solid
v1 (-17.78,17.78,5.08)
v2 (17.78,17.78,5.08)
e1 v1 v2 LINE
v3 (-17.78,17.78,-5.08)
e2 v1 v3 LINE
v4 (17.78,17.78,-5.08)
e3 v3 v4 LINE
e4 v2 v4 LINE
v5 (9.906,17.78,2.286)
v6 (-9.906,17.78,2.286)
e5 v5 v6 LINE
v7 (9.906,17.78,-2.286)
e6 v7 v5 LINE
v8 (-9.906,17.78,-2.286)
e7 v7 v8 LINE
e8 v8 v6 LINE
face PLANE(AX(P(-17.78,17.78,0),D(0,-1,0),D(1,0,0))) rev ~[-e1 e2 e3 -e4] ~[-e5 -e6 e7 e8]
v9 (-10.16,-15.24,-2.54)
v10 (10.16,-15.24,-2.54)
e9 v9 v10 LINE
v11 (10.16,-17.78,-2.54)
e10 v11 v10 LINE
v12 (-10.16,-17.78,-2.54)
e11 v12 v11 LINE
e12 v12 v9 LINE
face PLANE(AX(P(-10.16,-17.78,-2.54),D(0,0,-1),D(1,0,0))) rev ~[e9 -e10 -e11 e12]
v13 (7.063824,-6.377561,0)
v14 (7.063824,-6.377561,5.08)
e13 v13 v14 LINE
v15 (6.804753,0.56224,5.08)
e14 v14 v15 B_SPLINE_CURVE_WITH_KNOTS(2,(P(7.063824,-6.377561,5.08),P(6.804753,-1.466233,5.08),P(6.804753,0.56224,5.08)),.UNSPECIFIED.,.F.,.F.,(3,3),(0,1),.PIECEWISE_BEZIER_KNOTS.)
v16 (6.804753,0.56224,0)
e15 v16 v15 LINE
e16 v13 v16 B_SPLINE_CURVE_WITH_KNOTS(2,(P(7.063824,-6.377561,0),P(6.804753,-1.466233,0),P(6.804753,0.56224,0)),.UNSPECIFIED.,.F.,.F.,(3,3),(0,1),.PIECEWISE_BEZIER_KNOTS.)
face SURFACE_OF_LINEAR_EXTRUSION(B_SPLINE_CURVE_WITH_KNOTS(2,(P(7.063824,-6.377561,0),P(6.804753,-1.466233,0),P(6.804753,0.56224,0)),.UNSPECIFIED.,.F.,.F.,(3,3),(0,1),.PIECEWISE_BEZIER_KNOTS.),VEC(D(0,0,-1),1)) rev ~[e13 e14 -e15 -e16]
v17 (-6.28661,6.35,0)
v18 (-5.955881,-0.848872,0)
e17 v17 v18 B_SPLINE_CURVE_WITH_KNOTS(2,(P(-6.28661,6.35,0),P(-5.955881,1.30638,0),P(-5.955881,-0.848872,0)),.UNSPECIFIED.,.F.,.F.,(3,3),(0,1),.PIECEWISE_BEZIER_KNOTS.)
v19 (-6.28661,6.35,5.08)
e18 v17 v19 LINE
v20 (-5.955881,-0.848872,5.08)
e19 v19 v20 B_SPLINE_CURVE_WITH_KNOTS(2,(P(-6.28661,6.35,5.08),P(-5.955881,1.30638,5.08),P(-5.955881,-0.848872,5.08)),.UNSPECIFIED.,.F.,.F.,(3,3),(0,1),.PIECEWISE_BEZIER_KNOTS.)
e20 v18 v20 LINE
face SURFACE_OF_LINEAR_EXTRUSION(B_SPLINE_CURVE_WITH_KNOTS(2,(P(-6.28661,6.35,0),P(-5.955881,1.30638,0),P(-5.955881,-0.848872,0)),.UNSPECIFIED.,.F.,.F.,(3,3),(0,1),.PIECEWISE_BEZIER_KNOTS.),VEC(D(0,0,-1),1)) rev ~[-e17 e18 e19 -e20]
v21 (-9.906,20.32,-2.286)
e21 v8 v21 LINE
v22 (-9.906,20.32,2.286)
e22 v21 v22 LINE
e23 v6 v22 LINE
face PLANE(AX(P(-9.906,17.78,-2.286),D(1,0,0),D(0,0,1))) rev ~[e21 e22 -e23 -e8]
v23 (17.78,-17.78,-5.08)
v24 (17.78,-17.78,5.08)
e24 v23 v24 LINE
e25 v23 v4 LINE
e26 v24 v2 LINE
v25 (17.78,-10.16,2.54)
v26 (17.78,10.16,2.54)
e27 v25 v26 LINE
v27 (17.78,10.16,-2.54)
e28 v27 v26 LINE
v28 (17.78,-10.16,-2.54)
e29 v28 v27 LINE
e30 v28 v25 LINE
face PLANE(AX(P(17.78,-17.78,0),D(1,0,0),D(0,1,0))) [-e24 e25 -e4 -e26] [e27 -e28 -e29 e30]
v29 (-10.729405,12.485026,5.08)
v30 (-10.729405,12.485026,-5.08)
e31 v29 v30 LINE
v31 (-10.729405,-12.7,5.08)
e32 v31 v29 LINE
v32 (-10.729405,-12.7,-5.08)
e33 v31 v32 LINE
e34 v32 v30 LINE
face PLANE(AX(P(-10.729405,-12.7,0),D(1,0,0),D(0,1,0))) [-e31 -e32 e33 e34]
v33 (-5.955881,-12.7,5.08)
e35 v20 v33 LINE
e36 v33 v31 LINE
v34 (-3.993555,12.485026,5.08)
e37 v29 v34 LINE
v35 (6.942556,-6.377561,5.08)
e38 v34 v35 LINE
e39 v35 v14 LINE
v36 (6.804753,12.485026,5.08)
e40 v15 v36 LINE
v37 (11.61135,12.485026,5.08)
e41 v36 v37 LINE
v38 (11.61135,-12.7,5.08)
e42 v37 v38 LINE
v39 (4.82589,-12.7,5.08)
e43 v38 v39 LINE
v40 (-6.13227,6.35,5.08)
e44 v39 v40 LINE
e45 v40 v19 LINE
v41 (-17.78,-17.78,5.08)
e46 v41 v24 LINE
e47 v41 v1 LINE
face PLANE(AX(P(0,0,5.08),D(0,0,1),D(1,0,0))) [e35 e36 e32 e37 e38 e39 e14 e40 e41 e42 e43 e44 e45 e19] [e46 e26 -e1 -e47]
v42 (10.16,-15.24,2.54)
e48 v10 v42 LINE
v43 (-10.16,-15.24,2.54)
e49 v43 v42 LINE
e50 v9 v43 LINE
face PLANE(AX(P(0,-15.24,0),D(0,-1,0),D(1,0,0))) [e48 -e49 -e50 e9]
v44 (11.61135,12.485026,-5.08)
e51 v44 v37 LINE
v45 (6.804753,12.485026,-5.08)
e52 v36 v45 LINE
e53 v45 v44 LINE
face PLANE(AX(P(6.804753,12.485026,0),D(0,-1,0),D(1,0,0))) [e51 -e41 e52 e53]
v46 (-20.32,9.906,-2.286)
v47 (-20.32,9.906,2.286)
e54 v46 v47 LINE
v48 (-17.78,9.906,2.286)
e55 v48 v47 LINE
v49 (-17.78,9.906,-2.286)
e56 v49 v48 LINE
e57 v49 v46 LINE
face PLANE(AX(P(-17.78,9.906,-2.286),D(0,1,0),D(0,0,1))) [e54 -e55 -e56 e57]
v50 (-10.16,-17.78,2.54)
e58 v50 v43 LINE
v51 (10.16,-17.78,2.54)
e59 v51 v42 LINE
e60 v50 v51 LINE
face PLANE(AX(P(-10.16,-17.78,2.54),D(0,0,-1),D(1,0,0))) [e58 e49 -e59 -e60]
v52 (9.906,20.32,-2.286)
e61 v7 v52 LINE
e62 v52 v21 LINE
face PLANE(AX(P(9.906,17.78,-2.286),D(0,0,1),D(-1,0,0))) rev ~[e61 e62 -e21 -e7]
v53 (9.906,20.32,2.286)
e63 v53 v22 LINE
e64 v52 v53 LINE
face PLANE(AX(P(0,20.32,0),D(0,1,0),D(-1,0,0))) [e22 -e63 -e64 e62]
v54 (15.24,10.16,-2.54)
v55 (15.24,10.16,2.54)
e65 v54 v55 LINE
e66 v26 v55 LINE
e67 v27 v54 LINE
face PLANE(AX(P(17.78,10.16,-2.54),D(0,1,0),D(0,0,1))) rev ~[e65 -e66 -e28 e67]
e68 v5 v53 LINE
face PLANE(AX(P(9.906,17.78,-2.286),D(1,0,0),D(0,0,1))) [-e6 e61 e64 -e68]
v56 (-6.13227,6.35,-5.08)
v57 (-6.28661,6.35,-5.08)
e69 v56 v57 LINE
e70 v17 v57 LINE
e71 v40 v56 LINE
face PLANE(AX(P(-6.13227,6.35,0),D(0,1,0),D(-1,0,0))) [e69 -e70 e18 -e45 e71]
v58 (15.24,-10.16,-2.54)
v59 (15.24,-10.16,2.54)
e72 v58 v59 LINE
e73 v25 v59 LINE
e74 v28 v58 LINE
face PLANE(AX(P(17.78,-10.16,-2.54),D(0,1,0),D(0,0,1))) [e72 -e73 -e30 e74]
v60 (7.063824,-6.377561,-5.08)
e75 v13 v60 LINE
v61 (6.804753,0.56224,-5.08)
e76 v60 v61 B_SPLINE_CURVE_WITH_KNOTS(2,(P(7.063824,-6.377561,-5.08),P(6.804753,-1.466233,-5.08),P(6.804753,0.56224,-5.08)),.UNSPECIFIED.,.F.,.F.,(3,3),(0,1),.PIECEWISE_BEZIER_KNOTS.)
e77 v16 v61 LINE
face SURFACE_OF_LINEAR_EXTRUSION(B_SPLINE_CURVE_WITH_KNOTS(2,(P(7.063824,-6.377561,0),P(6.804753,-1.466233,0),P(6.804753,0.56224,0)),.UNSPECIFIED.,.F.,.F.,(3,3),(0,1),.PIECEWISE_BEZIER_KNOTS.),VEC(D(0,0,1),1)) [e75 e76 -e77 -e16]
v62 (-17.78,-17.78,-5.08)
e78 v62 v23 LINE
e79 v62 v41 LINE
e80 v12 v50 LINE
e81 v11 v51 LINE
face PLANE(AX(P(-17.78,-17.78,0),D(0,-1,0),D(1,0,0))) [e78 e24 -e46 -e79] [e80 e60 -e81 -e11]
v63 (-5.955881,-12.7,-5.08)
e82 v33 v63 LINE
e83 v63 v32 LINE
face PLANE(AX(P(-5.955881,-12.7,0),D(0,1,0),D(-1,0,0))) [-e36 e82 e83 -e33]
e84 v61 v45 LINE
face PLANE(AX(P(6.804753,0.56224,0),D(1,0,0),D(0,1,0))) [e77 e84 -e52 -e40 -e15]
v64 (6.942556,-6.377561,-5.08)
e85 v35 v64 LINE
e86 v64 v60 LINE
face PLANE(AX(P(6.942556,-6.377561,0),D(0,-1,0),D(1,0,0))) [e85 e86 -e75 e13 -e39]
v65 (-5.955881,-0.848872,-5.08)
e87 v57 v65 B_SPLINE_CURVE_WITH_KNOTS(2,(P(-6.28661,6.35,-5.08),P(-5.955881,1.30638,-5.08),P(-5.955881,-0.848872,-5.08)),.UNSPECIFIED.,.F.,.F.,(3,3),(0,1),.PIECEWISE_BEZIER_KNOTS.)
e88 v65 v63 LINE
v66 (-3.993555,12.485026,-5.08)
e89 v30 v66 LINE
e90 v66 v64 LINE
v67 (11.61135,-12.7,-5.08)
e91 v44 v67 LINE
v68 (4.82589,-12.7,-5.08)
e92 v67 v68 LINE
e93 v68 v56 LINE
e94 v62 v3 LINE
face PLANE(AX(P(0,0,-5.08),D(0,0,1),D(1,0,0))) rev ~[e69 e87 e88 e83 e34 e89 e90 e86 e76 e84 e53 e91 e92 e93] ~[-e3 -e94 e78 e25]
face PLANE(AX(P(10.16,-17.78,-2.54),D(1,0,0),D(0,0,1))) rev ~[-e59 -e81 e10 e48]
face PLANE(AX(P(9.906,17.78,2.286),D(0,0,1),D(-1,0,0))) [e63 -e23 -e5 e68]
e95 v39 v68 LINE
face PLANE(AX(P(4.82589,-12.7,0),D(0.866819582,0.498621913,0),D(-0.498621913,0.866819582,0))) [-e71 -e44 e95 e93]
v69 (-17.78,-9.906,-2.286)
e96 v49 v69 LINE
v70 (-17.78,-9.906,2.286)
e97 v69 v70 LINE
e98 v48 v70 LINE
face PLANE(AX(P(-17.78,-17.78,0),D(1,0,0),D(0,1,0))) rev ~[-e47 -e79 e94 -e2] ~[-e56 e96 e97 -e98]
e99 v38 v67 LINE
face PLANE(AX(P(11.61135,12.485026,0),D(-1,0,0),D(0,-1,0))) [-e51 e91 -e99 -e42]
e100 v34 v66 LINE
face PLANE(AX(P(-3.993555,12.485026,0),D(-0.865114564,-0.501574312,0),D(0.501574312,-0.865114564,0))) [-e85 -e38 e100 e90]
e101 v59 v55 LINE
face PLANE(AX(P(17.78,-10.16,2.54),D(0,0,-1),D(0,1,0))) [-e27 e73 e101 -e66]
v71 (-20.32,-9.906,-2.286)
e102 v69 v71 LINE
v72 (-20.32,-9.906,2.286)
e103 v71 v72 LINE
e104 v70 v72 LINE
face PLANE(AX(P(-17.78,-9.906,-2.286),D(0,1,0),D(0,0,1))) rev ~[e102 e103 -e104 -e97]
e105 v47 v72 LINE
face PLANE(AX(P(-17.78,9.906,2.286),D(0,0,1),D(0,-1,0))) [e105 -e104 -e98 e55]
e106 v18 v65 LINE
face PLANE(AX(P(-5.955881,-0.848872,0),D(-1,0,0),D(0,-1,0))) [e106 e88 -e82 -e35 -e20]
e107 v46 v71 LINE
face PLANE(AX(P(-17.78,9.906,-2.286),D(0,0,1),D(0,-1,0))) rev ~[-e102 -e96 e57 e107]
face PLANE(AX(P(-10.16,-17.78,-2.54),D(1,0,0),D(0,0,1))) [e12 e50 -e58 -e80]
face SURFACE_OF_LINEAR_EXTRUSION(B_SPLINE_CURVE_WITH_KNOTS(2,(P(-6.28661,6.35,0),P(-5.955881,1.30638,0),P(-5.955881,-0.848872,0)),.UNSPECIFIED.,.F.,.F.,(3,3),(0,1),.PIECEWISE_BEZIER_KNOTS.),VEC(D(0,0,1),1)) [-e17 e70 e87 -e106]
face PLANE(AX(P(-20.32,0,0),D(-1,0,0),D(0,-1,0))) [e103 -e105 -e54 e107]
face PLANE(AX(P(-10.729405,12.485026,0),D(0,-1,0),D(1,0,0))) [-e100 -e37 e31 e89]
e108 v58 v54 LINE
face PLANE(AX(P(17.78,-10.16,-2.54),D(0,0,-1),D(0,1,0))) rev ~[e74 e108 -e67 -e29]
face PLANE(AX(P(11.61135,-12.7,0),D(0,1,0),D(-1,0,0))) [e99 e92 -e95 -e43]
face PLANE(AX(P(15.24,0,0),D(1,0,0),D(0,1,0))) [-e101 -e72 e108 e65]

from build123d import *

# Parameters (mm, degrees)
F0_W     = 35.56
F0_H     = 35.56
F1_DEPTH = 5.08
F2_W     = 19.812
F2_H     = 4.572
F3_DEPTH = 2.54
F4_W     = 19.812
F4_H     = 4.572
F5_DEPTH = 2.54
F6_W     = 20.32
F6_H     = 5.08
F7_DEPTH = 2.54
F8_W     = 20.32
F8_H     = 5.08
F9_DEPTH = 2.54


with BuildPart() as f1:
    # F0 (on Top) → F1 (new body, symmetric)
    with BuildSketch(Plane.XY):
        Rectangle(F0_W, F0_H)
        with BuildLine():
            Line((11.6113498264, 12.4850260417), (11.6113498264, -12.7))
            Line((11.6113498264, -12.7), (4.8258897569, -12.7))
            Line((4.8258897569, -12.7), (-6.1322699653, 6.35))
            Line((-6.1322699653, 6.35), (-6.2866102431, 6.35))
            add(Edge.make_bspline(
                [(-6.2866102431, 6.35), (-5.9558810764, 1.3063802083), (-5.9558810764, -0.8488715278)],
                knots=[0, 0, 0, 1, 1, 1], degree=2))
            Line((-5.9558810764, -0.8488715278), (-5.9558810764, -12.7))
            Line((-5.9558810764, -12.7), (-10.7294053819, -12.7))
            Line((-10.7294053819, -12.7), (-10.7294053819, 12.4850260417))
            Line((-10.7294053819, 12.4850260417), (-3.9935546875, 12.4850260417))
            Line((-3.9935546875, 12.4850260417), (6.9425564236, -6.3775607639))
            Line((6.9425564236, -6.3775607639), (7.0638237847, -6.3775607639))
            add(Edge.make_bspline(
                [(7.0638237847, -6.3775607639), (6.8047526042, -1.4662326389), (6.8047526042, 0.5622395833)],
                knots=[0, 0, 0, 1, 1, 1], degree=2))
            Line((6.8047526042, 0.5622395833), (6.8047526042, 12.4850260417))
            Line((6.8047526042, 12.4850260417), (11.6113498264, 12.4850260417))
        make_face(mode=Mode.SUBTRACT)
    extrude(amount=F1_DEPTH, both=True)

    # F2 (on face) → F3 (join)
    with BuildSketch(Plane(origin=(0, 17.78, 0), x_dir=(-1, 0, 0), z_dir=(0, 1, 0))):
        Rectangle(F2_W, F2_H)
    extrude(amount=F3_DEPTH)

    # F4 (on face) → F5 (join)
    with BuildSketch(Plane(origin=(-17.78, 0, 0), x_dir=(0, -1, 0), z_dir=(-1, 0, 0))):
        Rectangle(F4_W, F4_H)
    extrude(amount=F5_DEPTH)

    # F6 (on face) → F7 (cut)
    with BuildSketch(Plane.XZ.offset(17.78)):
        Rectangle(F6_W, F6_H)
    extrude(amount=-F7_DEPTH, mode=Mode.SUBTRACT)

    # F8 (on face) → F9 (cut)
    with BuildSketch(Plane.YZ.offset(17.78)):
        Rectangle(F8_W, F8_H)
    extrude(amount=-F9_DEPTH, mode=Mode.SUBTRACT)


solid = f1.part
